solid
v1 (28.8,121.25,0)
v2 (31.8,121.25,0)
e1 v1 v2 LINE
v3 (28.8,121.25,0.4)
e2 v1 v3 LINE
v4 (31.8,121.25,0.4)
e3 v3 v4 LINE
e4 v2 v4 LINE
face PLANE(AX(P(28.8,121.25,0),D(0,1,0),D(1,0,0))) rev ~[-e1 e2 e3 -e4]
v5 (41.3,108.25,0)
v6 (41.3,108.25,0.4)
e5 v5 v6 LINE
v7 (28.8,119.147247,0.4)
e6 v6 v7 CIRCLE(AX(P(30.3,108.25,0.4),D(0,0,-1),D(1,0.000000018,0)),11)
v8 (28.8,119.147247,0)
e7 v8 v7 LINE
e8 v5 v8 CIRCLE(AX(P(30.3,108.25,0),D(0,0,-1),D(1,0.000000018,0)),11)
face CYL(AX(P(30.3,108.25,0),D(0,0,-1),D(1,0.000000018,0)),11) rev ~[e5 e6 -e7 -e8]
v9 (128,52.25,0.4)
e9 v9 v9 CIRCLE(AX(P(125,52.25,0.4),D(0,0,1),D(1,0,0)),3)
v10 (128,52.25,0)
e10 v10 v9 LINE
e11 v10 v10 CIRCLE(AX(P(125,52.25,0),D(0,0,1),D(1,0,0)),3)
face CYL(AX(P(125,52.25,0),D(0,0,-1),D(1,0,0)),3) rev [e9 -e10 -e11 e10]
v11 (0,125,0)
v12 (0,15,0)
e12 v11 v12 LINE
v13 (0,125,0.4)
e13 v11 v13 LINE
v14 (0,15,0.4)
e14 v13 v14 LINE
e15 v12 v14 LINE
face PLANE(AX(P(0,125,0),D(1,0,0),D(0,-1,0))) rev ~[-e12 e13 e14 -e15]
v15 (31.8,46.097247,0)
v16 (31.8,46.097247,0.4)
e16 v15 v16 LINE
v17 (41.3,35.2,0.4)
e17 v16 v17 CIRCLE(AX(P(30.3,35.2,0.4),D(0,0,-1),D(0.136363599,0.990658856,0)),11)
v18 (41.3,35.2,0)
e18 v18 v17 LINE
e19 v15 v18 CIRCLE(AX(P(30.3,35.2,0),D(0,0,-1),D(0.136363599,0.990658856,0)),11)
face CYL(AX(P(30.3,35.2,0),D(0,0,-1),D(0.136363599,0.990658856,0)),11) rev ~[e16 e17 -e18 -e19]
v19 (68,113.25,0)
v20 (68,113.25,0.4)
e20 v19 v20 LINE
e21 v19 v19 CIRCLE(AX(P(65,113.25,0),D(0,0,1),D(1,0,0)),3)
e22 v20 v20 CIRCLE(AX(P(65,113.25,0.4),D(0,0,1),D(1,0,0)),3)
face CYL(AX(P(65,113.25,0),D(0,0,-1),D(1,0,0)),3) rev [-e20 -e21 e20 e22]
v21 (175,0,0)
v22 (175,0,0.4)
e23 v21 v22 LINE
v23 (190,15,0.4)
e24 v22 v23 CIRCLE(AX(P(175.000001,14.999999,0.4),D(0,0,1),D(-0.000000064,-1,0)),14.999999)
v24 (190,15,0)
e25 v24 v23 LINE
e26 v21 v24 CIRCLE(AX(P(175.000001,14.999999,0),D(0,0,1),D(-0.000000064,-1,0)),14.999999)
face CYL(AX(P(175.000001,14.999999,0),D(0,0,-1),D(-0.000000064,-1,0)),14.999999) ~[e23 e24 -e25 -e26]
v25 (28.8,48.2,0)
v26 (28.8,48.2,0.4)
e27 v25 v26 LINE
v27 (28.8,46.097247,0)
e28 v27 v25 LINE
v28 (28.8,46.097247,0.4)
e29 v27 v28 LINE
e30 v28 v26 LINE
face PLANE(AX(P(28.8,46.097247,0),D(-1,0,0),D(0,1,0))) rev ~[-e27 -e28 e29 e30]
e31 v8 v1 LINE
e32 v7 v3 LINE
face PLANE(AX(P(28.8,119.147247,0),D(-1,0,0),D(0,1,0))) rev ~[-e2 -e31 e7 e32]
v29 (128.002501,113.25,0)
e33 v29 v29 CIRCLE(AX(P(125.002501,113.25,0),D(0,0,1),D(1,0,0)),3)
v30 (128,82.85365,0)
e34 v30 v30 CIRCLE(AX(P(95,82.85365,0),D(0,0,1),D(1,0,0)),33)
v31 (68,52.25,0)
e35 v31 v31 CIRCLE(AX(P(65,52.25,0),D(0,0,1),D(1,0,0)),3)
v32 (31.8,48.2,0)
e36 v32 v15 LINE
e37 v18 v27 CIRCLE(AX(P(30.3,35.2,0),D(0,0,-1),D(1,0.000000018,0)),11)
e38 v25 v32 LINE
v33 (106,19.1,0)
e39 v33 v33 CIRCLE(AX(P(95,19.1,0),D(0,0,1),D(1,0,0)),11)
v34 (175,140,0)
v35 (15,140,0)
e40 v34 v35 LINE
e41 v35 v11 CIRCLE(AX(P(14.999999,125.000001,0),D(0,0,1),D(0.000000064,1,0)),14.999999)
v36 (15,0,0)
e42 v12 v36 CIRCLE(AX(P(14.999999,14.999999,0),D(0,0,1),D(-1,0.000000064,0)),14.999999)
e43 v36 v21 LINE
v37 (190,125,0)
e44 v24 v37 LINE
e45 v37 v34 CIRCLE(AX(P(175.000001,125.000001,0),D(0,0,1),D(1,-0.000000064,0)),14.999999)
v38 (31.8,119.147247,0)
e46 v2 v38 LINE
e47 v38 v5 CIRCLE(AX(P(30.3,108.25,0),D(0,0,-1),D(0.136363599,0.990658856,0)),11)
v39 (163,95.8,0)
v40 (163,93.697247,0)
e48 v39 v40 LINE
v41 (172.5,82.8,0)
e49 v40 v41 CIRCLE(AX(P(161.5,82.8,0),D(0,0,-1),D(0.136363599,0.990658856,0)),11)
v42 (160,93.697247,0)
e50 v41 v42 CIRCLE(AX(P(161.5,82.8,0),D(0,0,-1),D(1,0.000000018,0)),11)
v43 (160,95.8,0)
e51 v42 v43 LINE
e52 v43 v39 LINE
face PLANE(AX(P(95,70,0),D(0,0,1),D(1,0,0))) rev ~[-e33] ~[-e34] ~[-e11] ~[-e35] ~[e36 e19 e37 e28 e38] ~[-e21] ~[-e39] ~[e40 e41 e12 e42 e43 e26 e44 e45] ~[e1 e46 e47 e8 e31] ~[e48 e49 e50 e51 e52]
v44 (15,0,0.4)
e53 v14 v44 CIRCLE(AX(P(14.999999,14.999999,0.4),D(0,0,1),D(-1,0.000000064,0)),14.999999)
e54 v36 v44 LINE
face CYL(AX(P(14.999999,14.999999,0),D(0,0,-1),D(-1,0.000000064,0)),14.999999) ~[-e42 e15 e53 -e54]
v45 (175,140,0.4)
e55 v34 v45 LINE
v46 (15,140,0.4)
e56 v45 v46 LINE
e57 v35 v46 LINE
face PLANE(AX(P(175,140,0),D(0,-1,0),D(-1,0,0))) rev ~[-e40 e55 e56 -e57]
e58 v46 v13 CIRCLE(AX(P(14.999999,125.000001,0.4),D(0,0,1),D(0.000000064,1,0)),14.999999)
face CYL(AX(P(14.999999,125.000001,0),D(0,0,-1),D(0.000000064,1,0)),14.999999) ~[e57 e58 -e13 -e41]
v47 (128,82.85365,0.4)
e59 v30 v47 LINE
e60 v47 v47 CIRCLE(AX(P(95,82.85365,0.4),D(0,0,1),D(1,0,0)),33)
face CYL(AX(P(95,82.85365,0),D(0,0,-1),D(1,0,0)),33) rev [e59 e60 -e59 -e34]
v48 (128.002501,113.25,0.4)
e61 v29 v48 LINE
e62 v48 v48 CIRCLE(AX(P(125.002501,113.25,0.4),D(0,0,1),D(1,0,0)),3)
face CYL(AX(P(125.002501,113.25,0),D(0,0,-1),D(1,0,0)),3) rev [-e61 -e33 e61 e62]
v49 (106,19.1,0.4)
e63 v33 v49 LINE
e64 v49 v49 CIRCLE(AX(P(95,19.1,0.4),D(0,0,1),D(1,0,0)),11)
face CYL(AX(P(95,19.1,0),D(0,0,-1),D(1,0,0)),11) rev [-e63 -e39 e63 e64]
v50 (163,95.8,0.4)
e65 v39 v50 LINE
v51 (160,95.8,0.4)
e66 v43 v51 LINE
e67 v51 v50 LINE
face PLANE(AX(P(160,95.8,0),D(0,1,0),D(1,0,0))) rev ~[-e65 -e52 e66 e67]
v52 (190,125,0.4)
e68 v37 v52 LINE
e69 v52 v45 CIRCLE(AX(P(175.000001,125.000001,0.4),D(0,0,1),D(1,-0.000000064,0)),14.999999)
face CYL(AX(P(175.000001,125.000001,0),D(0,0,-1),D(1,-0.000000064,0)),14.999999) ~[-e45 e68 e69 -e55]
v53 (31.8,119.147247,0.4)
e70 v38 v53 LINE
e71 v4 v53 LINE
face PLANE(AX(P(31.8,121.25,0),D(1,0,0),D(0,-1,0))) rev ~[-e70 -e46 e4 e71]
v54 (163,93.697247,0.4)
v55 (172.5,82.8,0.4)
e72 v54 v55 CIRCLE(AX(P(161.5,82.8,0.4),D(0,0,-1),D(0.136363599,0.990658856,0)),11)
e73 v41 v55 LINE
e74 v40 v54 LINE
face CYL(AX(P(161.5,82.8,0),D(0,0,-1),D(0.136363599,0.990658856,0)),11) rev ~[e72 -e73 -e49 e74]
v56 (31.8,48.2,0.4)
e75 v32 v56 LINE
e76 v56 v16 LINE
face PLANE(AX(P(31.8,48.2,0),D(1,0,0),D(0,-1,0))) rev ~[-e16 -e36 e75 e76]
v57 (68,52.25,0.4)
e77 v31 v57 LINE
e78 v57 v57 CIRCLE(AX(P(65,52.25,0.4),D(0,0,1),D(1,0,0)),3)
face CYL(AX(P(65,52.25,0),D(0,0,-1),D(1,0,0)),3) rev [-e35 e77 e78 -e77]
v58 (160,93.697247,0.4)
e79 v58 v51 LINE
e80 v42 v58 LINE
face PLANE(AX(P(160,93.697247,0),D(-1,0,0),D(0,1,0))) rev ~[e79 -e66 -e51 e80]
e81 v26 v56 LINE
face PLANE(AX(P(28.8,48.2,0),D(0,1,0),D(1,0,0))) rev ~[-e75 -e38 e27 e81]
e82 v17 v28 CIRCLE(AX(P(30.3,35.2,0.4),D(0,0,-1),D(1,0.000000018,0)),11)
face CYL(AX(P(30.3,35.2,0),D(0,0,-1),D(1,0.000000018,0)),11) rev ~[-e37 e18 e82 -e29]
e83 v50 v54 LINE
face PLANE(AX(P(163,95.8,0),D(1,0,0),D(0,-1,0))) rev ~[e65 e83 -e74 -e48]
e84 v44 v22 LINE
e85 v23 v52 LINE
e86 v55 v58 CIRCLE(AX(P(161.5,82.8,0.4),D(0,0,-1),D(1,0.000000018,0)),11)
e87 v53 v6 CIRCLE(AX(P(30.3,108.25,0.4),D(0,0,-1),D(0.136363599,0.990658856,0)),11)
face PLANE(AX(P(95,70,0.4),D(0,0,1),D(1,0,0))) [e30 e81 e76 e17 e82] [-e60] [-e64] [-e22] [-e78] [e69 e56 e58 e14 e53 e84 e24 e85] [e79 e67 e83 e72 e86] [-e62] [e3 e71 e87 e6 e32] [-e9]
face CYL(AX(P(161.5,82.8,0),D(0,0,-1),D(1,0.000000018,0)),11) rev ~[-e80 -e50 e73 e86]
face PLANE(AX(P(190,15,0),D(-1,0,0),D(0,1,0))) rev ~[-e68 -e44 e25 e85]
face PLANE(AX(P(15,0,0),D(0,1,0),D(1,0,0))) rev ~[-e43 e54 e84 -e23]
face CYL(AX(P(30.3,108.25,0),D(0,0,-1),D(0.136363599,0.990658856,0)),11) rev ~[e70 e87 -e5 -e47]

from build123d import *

# Parameters (mm, degrees)
F0_R     = 3
F0_R_2   = 11
F0_R_3   = 33
F1_DEPTH = 0.4


with BuildPart() as f1:
    # F0 (on Top) → F1 (new body)
    with BuildSketch(Plane.XY):
        with BuildLine():
            ThreePointArc((0, 15), (4.393398, 4.393398), (15, 0))
            Line((15, 0), (175, 0))
            ThreePointArc((175, 0), (185.606602, 4.393398), (190, 15))
            Line((190, 15), (190, 125))
            ThreePointArc((190, 125), (185.606602, 135.606602), (175, 140))
            Line((175, 140), (15, 140))
            ThreePointArc((15, 140), (4.393398, 135.606602), (0, 125))
            Line((0, 125), (0, 15))
        make_face()
        with BuildLine():
            ThreePointArc((31.8, 46.097247), (38.591562, 42.428416), (41.3, 35.2))
            ThreePointArc((41.3, 35.2), (23.071584, 26.908438), (28.8, 46.097247))
            Line((28.8, 46.097247), (28.8, 48.2))
            Line((28.8, 48.2), (30.3, 48.2))
            Line((30.3, 48.2), (31.8, 48.2))
            Line((31.8, 48.2), (31.8, 46.097247))
        make_face(mode=Mode.SUBTRACT)
        with Locations((65, 52.25)):
            Circle(F0_R, mode=Mode.SUBTRACT)
        with Locations((95, 19.1)):
            Circle(F0_R_2, mode=Mode.SUBTRACT)
        with Locations((125, 52.25)):
            Circle(F0_R, mode=Mode.SUBTRACT)
        with BuildLine():
            ThreePointArc((31.8, 119.147247), (38.591562, 115.478416), (41.3, 108.25))
            ThreePointArc((41.3, 108.25), (23.071584, 99.958438), (28.8, 119.147247))
            Line((28.8, 119.147247), (28.8, 121.25))
            Line((28.8, 121.25), (30.3, 121.25))
            Line((30.3, 121.25), (31.8, 121.25))
            Line((31.8, 121.25), (31.8, 119.147247))
        make_face(mode=Mode.SUBTRACT)
        with Locations((65, 113.25)):
            Circle(F0_R, mode=Mode.SUBTRACT)
        with Locations((95, 82.85365)):
            Circle(F0_R_3, mode=Mode.SUBTRACT)
        with BuildLine():
            ThreePointArc((163, 93.697247), (169.791562, 90.028416), (172.5, 82.8))
            ThreePointArc((172.5, 82.8), (154.271584, 74.508438), (160, 93.697247))
            Line((160, 93.697247), (160, 95.8))
            Line((160, 95.8), (161.5, 95.8))
            Line((161.5, 95.8), (163, 95.8))
            Line((163, 95.8), (163, 93.697247))
        make_face(mode=Mode.SUBTRACT)
        with Locations((125.002501, 113.25)):
            Circle(F0_R, mode=Mode.SUBTRACT)
    extrude(amount=F1_DEPTH)


solid = f1.part
